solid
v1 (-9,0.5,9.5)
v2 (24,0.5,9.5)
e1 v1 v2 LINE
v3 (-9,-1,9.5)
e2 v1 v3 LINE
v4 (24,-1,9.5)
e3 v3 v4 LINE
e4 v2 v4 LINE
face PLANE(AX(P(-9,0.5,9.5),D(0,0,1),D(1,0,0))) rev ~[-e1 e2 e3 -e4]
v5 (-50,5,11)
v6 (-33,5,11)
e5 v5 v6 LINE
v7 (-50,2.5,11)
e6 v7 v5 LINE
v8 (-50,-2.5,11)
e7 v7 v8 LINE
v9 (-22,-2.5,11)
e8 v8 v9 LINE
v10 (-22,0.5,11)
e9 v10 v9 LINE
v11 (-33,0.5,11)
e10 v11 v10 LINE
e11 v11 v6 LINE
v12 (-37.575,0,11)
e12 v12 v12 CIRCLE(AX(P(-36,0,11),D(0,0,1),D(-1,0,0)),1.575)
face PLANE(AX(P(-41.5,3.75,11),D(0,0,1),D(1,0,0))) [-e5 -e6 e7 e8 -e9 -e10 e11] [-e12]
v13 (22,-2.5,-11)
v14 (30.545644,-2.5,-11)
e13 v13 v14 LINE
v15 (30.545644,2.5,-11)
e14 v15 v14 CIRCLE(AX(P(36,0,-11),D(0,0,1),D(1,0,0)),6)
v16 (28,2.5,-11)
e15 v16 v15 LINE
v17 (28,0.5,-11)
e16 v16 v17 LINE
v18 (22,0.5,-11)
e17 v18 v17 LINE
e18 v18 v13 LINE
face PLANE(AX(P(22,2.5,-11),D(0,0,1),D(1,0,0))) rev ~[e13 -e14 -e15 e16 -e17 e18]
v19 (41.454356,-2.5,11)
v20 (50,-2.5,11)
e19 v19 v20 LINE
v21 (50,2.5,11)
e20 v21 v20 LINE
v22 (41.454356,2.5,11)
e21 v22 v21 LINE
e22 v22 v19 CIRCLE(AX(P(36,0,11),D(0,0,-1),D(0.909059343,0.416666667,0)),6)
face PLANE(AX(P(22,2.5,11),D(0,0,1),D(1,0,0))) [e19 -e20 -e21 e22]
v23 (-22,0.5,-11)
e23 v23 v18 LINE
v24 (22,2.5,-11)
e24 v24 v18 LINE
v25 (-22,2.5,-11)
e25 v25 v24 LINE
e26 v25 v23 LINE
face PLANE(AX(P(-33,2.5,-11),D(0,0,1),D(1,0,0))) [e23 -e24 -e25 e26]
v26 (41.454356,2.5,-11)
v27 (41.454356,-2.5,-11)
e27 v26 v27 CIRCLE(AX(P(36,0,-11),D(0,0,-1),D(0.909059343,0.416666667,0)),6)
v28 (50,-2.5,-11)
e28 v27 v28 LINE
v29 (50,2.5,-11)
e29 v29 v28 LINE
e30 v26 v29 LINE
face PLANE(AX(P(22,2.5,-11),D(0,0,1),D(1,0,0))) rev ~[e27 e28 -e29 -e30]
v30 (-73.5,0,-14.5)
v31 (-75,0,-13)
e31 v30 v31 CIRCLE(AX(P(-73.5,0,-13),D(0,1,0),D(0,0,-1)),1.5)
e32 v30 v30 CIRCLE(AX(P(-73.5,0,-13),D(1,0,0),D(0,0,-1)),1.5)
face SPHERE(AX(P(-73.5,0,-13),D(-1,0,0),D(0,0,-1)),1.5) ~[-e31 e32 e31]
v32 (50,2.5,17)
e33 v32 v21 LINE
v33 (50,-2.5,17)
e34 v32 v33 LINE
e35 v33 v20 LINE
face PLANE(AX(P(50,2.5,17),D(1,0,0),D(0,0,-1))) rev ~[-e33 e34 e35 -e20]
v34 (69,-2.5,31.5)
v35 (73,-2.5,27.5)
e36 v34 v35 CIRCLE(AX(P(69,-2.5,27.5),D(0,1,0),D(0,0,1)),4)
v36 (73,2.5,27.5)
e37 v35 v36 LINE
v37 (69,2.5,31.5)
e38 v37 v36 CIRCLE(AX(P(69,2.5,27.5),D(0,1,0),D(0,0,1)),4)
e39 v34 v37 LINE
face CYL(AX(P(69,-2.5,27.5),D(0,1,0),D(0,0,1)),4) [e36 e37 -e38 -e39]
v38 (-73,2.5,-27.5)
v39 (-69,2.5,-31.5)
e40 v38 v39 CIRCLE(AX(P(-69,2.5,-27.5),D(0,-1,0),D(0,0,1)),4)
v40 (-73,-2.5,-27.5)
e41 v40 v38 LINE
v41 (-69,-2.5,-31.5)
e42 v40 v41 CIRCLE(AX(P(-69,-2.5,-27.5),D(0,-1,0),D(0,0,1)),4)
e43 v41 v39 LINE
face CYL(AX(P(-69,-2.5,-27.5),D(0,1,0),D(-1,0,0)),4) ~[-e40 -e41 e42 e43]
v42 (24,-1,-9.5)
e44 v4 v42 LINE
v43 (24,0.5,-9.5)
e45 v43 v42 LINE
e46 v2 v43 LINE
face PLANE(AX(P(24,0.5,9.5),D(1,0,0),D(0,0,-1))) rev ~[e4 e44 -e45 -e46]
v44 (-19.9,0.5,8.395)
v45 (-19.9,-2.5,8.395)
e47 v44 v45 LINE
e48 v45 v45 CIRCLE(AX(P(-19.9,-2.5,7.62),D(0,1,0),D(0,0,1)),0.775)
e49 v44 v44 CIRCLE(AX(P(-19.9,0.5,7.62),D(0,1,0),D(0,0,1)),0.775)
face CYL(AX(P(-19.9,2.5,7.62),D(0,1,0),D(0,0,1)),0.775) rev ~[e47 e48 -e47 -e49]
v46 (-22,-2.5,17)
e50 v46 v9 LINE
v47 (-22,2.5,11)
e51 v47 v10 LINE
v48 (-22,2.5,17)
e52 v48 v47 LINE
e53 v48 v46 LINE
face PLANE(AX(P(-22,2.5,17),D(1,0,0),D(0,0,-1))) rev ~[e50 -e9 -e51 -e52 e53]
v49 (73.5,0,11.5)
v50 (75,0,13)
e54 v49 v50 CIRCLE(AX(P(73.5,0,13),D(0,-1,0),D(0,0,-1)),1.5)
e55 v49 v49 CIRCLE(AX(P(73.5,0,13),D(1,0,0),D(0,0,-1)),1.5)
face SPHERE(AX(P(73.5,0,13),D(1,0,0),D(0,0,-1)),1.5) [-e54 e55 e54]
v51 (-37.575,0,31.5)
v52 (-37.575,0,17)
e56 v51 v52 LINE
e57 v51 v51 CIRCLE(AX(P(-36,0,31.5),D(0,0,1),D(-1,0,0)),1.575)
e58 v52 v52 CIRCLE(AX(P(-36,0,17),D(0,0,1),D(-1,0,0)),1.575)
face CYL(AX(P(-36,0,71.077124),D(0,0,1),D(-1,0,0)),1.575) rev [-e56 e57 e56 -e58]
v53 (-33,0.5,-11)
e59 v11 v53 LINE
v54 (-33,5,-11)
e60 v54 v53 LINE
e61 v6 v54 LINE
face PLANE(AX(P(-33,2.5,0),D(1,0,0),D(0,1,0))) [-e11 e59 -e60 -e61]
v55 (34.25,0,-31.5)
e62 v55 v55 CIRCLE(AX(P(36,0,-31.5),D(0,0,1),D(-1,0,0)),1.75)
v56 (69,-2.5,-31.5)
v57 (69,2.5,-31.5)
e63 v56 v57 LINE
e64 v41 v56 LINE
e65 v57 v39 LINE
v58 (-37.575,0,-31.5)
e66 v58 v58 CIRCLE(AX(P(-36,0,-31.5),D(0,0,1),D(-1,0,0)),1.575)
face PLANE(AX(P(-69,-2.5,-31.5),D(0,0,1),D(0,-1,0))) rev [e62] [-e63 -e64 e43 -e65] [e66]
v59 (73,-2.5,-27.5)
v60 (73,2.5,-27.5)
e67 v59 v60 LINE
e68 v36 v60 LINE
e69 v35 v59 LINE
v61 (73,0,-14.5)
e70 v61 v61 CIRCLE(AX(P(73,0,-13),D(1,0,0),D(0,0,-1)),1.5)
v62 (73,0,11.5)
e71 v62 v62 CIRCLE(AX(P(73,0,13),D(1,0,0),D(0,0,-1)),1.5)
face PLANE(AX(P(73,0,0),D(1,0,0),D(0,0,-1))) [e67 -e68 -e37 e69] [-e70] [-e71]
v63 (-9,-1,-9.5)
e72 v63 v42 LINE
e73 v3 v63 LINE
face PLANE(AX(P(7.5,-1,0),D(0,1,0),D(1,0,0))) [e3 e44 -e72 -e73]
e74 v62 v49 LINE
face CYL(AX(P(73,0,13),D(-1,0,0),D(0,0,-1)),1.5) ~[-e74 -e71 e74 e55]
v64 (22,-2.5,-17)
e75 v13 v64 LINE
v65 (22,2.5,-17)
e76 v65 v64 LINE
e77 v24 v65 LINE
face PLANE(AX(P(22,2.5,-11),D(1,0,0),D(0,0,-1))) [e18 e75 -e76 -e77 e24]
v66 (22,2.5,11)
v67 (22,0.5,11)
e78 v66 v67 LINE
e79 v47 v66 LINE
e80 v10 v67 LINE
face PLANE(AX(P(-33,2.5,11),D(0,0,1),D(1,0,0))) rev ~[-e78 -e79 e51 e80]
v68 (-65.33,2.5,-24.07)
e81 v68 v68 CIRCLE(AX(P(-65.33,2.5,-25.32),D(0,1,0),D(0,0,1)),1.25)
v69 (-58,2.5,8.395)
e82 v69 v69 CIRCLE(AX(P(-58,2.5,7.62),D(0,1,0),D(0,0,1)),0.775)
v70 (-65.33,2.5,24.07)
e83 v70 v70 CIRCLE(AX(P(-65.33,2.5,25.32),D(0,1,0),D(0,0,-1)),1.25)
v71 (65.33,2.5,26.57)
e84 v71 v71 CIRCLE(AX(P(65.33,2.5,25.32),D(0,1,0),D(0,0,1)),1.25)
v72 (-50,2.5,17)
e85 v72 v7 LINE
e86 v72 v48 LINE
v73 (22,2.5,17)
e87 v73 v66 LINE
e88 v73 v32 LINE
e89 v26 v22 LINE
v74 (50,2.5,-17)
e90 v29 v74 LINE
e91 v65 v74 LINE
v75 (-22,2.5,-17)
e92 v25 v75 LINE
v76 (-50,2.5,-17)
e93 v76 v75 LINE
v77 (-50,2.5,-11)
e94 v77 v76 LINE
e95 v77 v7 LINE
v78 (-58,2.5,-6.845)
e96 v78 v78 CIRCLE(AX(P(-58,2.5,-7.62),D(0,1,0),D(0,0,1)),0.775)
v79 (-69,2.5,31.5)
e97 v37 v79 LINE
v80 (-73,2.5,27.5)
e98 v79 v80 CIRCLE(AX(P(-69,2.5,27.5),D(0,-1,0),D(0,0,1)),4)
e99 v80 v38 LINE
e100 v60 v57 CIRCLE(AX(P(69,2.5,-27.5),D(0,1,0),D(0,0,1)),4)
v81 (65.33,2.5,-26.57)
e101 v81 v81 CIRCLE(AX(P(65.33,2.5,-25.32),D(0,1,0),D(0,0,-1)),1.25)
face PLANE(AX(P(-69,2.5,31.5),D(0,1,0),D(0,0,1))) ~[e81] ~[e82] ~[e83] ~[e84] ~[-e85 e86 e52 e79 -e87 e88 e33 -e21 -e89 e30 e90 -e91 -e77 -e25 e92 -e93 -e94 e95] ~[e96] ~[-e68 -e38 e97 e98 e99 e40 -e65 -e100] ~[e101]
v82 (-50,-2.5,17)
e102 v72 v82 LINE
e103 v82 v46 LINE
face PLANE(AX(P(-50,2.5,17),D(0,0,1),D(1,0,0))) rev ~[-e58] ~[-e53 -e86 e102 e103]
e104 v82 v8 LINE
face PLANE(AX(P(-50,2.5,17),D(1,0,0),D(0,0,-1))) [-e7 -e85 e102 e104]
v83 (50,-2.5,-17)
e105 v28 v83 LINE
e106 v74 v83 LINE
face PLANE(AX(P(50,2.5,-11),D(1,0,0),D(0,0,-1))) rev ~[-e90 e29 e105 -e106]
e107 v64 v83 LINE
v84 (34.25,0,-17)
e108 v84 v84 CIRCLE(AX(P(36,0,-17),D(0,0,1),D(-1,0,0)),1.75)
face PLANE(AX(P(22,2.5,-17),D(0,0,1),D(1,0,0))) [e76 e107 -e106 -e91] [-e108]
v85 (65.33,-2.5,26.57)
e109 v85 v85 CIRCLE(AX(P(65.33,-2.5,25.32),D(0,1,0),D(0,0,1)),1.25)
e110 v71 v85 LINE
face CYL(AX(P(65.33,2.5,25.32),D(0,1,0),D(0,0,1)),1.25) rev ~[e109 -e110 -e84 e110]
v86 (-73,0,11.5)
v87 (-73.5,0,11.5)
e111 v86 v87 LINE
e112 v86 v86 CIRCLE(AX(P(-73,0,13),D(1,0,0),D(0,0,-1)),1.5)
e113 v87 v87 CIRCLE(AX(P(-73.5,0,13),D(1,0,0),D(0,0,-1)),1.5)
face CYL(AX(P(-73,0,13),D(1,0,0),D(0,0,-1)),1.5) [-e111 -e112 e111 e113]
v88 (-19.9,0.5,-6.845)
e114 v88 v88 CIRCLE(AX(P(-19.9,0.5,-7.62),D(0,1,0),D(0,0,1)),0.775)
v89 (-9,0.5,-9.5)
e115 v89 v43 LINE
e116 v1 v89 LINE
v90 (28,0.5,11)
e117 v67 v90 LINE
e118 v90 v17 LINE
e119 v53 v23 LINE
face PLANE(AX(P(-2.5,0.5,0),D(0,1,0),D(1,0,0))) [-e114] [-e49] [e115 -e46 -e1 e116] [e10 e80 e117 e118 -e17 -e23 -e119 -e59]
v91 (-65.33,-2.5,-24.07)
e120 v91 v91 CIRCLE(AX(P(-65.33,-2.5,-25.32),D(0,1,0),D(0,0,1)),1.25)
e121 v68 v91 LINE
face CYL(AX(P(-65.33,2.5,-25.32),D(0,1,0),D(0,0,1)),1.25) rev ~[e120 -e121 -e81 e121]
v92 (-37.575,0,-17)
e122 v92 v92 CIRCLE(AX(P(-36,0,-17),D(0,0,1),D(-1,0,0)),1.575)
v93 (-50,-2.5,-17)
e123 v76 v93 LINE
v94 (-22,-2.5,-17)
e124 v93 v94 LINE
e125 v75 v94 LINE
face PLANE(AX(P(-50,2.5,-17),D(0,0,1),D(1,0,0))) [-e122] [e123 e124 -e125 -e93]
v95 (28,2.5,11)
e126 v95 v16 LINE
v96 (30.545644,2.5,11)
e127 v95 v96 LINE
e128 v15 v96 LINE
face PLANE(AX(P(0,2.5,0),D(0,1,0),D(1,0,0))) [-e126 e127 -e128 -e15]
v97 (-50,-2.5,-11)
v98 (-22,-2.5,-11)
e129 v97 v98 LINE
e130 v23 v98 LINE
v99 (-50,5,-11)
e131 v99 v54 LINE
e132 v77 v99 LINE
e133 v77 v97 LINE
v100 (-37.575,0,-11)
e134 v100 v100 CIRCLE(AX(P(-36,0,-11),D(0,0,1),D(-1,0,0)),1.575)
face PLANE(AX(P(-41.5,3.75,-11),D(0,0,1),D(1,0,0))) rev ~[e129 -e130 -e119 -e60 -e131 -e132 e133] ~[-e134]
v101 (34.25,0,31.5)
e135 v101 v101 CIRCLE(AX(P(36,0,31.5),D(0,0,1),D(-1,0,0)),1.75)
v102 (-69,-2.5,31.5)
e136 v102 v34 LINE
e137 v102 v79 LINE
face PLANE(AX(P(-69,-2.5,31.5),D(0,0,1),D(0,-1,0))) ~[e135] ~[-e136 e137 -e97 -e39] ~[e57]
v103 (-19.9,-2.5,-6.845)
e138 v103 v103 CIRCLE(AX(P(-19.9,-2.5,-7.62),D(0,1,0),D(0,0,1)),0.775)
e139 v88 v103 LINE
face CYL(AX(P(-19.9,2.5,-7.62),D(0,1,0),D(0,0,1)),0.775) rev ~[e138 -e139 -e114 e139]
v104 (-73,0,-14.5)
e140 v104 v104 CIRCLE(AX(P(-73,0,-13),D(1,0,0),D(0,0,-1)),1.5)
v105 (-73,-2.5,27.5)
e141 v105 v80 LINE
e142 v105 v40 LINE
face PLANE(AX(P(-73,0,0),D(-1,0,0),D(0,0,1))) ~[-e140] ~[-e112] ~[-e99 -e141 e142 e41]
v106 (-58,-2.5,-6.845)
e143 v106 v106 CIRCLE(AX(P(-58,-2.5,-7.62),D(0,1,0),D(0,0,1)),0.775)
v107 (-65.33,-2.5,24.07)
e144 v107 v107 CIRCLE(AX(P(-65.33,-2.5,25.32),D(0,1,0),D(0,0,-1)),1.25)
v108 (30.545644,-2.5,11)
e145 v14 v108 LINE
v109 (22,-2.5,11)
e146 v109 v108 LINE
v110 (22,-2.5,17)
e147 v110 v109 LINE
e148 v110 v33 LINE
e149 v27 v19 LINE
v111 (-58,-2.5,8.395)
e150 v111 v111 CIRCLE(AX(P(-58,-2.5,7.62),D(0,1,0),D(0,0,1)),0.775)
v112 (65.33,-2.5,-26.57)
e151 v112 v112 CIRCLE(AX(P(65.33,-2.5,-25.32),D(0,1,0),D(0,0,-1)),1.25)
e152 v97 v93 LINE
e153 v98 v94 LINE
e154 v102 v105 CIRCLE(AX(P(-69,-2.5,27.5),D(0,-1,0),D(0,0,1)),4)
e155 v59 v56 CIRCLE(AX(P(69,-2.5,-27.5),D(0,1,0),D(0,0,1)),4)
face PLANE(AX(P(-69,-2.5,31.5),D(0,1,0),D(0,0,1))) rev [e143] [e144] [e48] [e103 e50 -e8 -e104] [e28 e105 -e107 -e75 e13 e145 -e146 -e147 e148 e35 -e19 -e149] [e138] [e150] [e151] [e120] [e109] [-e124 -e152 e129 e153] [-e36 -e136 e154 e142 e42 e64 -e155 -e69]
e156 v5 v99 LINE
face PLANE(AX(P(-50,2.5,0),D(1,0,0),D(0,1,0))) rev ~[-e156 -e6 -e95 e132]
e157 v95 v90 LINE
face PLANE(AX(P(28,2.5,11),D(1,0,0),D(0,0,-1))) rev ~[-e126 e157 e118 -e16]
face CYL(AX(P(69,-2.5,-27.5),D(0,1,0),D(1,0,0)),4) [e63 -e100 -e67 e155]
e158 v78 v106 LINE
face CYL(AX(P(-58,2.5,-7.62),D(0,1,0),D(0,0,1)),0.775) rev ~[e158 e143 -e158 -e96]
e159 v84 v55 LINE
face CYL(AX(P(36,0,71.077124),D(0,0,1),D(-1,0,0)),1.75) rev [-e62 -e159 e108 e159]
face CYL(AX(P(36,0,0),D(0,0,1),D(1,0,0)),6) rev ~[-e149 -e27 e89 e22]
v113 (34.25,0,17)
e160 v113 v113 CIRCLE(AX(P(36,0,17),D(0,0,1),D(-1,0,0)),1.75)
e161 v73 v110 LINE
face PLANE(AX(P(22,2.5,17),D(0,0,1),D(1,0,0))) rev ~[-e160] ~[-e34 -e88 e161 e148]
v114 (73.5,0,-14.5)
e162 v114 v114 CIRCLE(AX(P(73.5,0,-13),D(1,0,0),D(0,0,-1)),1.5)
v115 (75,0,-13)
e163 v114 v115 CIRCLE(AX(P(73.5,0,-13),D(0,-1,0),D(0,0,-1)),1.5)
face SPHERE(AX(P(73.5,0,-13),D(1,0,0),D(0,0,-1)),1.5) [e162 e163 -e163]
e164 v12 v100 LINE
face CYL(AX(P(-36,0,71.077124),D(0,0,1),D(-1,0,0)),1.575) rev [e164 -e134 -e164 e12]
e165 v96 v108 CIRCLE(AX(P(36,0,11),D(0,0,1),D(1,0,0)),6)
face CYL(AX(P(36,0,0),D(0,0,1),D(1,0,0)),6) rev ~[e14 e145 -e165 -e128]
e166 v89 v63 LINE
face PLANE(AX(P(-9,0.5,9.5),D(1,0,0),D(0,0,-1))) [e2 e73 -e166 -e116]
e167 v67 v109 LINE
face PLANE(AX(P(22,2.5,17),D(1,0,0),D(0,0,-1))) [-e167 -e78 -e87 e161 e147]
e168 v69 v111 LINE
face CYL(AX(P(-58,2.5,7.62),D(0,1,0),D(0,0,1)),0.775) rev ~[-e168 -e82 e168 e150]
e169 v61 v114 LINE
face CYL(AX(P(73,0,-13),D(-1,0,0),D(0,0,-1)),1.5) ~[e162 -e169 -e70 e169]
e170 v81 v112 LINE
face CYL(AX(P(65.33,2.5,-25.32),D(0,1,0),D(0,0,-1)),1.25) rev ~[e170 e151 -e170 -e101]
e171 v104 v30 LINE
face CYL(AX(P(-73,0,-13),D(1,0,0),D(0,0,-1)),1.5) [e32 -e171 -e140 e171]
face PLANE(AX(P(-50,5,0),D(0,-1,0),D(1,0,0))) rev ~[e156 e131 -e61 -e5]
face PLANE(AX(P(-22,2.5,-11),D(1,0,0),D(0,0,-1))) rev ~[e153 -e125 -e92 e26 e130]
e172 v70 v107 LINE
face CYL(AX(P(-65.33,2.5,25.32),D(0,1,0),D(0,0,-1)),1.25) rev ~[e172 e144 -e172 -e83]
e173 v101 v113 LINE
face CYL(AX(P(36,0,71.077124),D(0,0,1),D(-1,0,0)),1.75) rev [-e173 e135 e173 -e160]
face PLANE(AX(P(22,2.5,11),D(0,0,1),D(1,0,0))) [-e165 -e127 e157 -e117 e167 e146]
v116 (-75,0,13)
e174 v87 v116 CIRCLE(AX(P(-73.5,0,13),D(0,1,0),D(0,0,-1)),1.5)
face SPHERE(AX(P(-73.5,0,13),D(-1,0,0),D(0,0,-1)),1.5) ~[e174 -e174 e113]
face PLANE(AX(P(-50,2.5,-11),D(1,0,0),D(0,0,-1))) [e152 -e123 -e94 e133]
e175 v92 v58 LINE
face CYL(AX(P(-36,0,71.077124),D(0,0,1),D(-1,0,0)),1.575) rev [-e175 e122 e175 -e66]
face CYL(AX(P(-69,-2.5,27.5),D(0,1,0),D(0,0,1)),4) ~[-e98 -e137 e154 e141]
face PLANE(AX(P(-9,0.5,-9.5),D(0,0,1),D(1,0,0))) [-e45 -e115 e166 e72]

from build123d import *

# Parameters (mm, degrees)
SKETCH1_W               = 138
SKETCH1_H               = 63
BOSS_EXTRUDE1_DEPTH     = 2.5
SKETCH3_W               = 28
SKETCH3_H               = 6
CUT_EXTRUDE2_DEPTH      = 10
SKETCH4_W               = 61
SKETCH4_H               = 22
CUT_EXTRUDE3_DEPTH      = 2
SKETCH6_W               = 33
SKETCH6_H               = 19
CUT_EXTRUDE5_DEPTH      = 1.5
SKETCH11_R              = 0.775
CUT_EXTRUDE8_DEPTH      = 6
CUT_EXTRUDE9_DEPTH      = 82.077123777
CUT_EXTRUDE9_DEPTH_BACK = 82.077123777
SKETCH5_R               = 1.575
SKETCH5_R_2             = 1.75
SKETCH16_R              = 6
CUT_EXTRUDE10_DEPTH     = 11
SKETCH19_R              = 1.25
CUT_EXTRUDE12_DEPTH     = 5
SKETCH21_W              = 17
SKETCH21_H              = 2.5
BOSS_EXTRUDE2_DEPTH     = 11
SKETCH22_W              = 63
SKETCH22_H              = 5
BOSS_EXTRUDE3_DEPTH     = 4
SKETCH23_R              = 1.5
BOSS_EXTRUDE4_DEPTH     = 2
FILLET3_R               = 4
FILLET2_R               = 1.5


with BuildPart() as part:
    # Sketch1 → Boss-Extrude1 (new, symmetric)
    with BuildSketch(Plane(origin=(0, 0, 0), x_dir=(1, 0, 0), z_dir=(0, 1, 0))):
        Rectangle(SKETCH1_W, SKETCH1_H)
    extrude(amount=BOSS_EXTRUDE1_DEPTH, both=True)

    # Sketch3 → Cut-Extrude2 (cut)
    with BuildSketch(Plane(origin=(0, 2.5, 0), x_dir=(1, 0, 0), z_dir=(0, 1, 0))):
        with Locations((-36, -14)):
            Rectangle(SKETCH3_W, SKETCH3_H)
        with Locations((36, -14)):
            Rectangle(SKETCH3_W, SKETCH3_H)
        with Locations((36, 14)):
            Rectangle(SKETCH3_W, SKETCH3_H)
        with Locations((-36, 14)):
            Rectangle(SKETCH3_W, SKETCH3_H)
    extrude(amount=-CUT_EXTRUDE2_DEPTH, mode=Mode.SUBTRACT)

    # Sketch4 → Cut-Extrude3 (cut)
    with BuildSketch(Plane(origin=(0, 2.5, 0), x_dir=(1, 0, 0), z_dir=(0, 1, 0))):
        with Locations((-2.5, 0)):
            Rectangle(SKETCH4_W, SKETCH4_H)
    extrude(amount=-CUT_EXTRUDE3_DEPTH, mode=Mode.SUBTRACT)

    # Sketch6 → Cut-Extrude5 (cut)
    with BuildSketch(Plane(origin=(0, 0.5, 0), x_dir=(1, 0, 0), z_dir=(0, 1, 0))):
        with Locations((7.5, 0)):
            Rectangle(SKETCH6_W, SKETCH6_H)
    extrude(amount=-CUT_EXTRUDE5_DEPTH, mode=Mode.SUBTRACT)

    # Sketch11 → Cut-Extrude8 (cut)
    with BuildSketch(Plane(origin=(0, 2.5, 0), x_dir=(1, 0, 0), z_dir=(0, 1, 0))):
        with Locations(Location((-58, 7.62, 0), (0, 0, 270))):
            Circle(SKETCH11_R)
        with Locations(Location((-19.9, 7.62, 0), (0, 0, 270))):
            Circle(SKETCH11_R)
        with Locations(Location((-58, -7.62, 0), (0, 0, 270))):
            Circle(SKETCH11_R)
        with Locations(Location((-19.9, -7.62, 0), (0, 0, 270))):
            Circle(SKETCH11_R)
    extrude(amount=-CUT_EXTRUDE8_DEPTH, mode=Mode.SUBTRACT)

    # Sketch5 → Cut-Extrude9 (cut, two sides: drawn at the far end of the back side and taken through both)
    with BuildSketch(Plane(origin=(0, 0, -11), x_dir=(-1, 0, 0), z_dir=(0, 0, -1)).offset(-CUT_EXTRUDE9_DEPTH_BACK)):
        with Locations((36, 0)):
            Circle(SKETCH5_R)
        with Locations((-36, 0)):
            Circle(SKETCH5_R_2)
    extrude(amount=CUT_EXTRUDE9_DEPTH + CUT_EXTRUDE9_DEPTH_BACK, mode=Mode.SUBTRACT)

    # Sketch16 → Cut-Extrude10 (cut, symmetric)
    with BuildSketch(Plane.XY):
        with Locations((36, 0)):
            Circle(SKETCH16_R)
    extrude(amount=CUT_EXTRUDE10_DEPTH, both=True, mode=Mode.SUBTRACT)

    # Sketch19 → Cut-Extrude12 (cut)
    with BuildSketch(Plane(origin=(0, 2.5, 0), x_dir=(1, 0, 0), z_dir=(0, 1, 0))):
        with Locations(Location((-65.33, 25.32, 0), (0, 0, 270))):
            Circle(SKETCH19_R)
        with Locations(Location((-65.33, -25.32, 0), (0, 0, 90))):
            Circle(SKETCH19_R)
        with Locations(Location((65.33, -25.32, 0), (0, 0, 270))):
            Circle(SKETCH19_R)
        with Locations(Location((65.33, 25.32, 0), (0, 0, 90))):
            Circle(SKETCH19_R)
    extrude(amount=-CUT_EXTRUDE12_DEPTH, mode=Mode.SUBTRACT)

    # Sketch21 → Boss-Extrude2 (add, symmetric)
    with BuildSketch(Plane.XY):
        with Locations((-41.5, 3.75)):
            Rectangle(SKETCH21_W, SKETCH21_H)
    extrude(amount=BOSS_EXTRUDE2_DEPTH, both=True)

    # Sketch22 → Boss-Extrude3 (add)
    with BuildSketch(Plane(origin=(69, 0, 0), x_dir=(0, 0, -1), z_dir=(1, 0, 0))):
        Rectangle(SKETCH22_W, SKETCH22_H)
    boss_extrude3 = extrude(amount=BOSS_EXTRUDE3_DEPTH)

    # Sketch23 → Boss-Extrude4 (add)
    with BuildSketch(Plane(origin=(73, 0, 0), x_dir=(0, 0, -1), z_dir=(1, 0, 0))):
        with Locations((-13, 0)):
            Circle(SKETCH23_R)
        with Locations((13, 0)):
            Circle(SKETCH23_R)
    boss_extrude4 = extrude(amount=BOSS_EXTRUDE4_DEPTH)

    # Mirror1: Boss-Extrude3 across plane
    add(boss_extrude3.mirror(Plane(origin=(0, 0, 0), x_dir=(0, 0, 1), z_dir=(1, 0, 0))))

    # Mirror7: Boss-Extrude4 across plane
    add(boss_extrude4.mirror(Plane(origin=(0, 0, 0), x_dir=(0, 0, 1), z_dir=(1, 0, 0))))

    # Fillet3
    fillet3_edges = [part.edges().sort_by_distance(p)[0] for p in [
        (73, 0, 31.5),
        (73, 0, -31.5),
        (-73, 0, 31.5),
        (-73, 0, -31.5),
    ]]
    fillet(fillet3_edges, radius=FILLET3_R)

    # Fillet2
    fillet2_edges = [part.edges().sort_by_distance(p)[0] for p in [
        (75, 0, 14.5),
        (75, 0, -11.5),
        (-75, 0, 14.5),
        (-75, 0, -11.5),
    ]]
    fillet(fillet2_edges, radius=FILLET2_R)


solid = part.part
